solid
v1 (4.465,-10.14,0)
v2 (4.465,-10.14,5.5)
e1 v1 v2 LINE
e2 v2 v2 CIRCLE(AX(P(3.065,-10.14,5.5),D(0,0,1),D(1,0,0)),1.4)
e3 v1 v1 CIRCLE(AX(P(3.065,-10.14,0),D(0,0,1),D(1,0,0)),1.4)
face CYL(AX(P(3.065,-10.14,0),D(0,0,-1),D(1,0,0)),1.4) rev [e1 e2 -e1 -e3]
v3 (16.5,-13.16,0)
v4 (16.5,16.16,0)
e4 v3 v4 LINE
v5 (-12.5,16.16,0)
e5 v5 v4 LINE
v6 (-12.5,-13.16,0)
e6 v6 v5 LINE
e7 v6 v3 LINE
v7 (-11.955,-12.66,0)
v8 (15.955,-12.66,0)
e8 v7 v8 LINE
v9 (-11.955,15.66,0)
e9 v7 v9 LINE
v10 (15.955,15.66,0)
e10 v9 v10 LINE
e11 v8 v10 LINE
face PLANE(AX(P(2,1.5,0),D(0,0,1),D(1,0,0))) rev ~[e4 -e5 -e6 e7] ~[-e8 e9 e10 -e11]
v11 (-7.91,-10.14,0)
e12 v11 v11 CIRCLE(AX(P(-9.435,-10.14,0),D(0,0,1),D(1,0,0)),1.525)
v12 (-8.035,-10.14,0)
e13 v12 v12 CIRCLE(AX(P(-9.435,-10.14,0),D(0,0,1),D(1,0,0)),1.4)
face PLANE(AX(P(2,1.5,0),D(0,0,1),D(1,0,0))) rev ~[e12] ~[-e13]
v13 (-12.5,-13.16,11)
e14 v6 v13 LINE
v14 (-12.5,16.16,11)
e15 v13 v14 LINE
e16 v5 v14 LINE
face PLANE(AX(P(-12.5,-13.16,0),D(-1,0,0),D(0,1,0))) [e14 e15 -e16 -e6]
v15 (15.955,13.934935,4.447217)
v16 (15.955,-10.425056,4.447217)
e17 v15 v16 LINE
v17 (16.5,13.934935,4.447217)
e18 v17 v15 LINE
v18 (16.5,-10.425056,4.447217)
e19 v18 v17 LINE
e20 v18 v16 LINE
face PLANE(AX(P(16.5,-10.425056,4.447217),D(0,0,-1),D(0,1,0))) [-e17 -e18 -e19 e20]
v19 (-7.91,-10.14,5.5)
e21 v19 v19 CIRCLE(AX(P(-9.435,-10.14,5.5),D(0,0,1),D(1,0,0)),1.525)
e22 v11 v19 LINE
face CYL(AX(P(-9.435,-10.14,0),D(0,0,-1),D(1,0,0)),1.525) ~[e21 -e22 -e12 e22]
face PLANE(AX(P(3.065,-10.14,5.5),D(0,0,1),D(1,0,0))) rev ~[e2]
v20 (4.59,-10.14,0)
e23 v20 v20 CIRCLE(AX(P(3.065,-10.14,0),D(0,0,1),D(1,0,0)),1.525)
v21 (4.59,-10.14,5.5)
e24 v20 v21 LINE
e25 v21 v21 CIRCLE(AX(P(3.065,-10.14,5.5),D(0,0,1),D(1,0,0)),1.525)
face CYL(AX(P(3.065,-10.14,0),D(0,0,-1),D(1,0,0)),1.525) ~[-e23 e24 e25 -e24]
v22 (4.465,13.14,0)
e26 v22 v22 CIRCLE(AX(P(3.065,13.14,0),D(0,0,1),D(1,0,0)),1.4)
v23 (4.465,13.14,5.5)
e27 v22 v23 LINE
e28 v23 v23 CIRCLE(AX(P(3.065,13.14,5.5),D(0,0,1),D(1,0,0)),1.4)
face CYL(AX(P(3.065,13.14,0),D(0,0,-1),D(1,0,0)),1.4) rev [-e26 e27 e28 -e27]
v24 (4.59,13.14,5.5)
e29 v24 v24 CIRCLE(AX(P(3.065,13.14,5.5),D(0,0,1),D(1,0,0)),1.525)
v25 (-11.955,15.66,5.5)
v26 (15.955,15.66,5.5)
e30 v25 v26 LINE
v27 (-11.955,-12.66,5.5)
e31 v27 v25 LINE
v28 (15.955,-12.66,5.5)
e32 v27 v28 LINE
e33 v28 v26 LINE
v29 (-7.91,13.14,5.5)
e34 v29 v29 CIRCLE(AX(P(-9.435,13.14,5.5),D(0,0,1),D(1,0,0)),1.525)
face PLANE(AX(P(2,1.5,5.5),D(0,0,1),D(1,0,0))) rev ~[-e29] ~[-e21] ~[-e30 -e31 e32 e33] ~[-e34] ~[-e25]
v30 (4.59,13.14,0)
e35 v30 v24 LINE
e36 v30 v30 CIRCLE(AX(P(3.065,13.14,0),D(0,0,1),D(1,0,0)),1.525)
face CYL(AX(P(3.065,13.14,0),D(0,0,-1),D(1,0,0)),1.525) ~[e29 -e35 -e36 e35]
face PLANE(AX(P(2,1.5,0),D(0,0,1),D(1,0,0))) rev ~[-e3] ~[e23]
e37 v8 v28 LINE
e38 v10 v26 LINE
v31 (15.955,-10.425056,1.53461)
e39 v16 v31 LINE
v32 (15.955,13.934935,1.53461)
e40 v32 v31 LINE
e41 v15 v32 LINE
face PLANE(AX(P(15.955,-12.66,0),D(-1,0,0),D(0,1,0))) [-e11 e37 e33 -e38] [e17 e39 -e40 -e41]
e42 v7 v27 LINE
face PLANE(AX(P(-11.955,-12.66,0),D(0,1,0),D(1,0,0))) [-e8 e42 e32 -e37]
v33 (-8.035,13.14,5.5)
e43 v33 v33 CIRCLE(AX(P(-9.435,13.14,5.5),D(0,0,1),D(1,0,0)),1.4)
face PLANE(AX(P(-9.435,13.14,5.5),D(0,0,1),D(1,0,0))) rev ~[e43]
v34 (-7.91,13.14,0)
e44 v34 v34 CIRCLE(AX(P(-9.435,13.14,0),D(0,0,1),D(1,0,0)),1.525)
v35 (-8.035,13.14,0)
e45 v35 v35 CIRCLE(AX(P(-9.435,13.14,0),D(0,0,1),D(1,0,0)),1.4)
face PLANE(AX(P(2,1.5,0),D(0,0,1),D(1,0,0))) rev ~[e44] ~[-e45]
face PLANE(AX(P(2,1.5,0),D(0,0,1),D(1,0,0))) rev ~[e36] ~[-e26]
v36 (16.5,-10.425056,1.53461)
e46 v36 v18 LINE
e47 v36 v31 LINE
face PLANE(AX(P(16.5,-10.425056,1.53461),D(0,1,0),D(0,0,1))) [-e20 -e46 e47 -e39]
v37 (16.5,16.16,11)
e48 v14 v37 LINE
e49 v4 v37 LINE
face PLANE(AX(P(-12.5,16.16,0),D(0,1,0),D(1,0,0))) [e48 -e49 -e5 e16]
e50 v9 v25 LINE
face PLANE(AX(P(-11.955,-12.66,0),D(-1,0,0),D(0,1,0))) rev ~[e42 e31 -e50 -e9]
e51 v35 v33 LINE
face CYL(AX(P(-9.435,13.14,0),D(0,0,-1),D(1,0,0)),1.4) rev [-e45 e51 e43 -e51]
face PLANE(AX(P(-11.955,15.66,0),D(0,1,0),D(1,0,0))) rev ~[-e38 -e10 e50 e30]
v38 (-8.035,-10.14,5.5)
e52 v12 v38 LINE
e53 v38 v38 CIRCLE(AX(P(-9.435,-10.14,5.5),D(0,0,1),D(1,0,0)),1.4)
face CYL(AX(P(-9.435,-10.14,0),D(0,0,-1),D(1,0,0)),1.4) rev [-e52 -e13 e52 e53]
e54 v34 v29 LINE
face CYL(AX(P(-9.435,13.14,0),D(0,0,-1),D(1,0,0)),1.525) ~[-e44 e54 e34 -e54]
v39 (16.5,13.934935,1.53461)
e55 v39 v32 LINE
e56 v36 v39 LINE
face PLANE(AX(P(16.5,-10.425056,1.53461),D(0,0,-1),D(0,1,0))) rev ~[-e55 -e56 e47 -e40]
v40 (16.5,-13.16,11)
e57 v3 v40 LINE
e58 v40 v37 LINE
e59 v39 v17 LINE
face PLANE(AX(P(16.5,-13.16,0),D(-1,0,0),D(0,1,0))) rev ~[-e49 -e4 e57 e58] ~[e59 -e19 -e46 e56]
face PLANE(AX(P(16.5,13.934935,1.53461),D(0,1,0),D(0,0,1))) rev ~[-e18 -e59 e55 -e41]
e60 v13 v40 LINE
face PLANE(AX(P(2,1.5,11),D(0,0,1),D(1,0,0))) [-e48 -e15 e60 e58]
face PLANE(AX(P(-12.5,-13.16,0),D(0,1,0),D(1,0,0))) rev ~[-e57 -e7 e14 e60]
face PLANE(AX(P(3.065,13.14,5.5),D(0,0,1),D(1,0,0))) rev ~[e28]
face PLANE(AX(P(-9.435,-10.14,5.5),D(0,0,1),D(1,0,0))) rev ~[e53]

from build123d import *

# Parameters (mm, degrees)
F0_W     = 29
F0_H     = 29.32
F0_W_2   = 27.91
F0_H_2   = 28.32
F0_R     = 1.525
F0_R_2   = 1.4
F1_DEPTH = 11
F2_DEPTH = 5.5
F3_W     = 24.3599908426
F3_H     = 2.9126071604
F4_DEPTH = 10


with BuildPart() as f1:
    # F0 (on Top) → F1 (new body)
    with BuildSketch(Plane.XY):
        with Locations((2, 1.5)):
            Rectangle(F0_W, F0_H)
        with Locations((2, 1.5)):
            Rectangle(F0_W_2, F0_H_2, mode=Mode.SUBTRACT)
        with Locations((2, 1.5)):
            Rectangle(F0_W_2, F0_H_2)
        with Locations((-9.435, -10.14)):
            Circle(F0_R, mode=Mode.SUBTRACT)
        with Locations((3.065, -10.14)):
            Circle(F0_R, mode=Mode.SUBTRACT)
        with Locations((-9.435, 13.14)):
            Circle(F0_R, mode=Mode.SUBTRACT)
        with Locations((3.065, 13.14)):
            Circle(F0_R, mode=Mode.SUBTRACT)
        with Locations((3.065, 13.14)):
            Circle(F0_R)
        with Locations((3.065, 13.14)):
            Circle(F0_R_2, mode=Mode.SUBTRACT)
        with Locations((3.065, -10.14)):
            Circle(F0_R)
        with Locations((3.065, -10.14)):
            Circle(F0_R_2, mode=Mode.SUBTRACT)
        with Locations((-9.435, -10.14)):
            Circle(F0_R)
        with Locations((-9.435, -10.14)):
            Circle(F0_R_2, mode=Mode.SUBTRACT)
        with Locations((-9.435, 13.14)):
            Circle(F0_R)
        with Locations((-9.435, 13.14)):
            Circle(F0_R_2, mode=Mode.SUBTRACT)
        with Locations((3.065, 13.14)):
            Circle(F0_R_2)
        with Locations((3.065, -10.14)):
            Circle(F0_R_2)
        with Locations((-9.435, -10.14)):
            Circle(F0_R_2)
        with Locations((-9.435, 13.14)):
            Circle(F0_R_2)
    extrude(amount=F1_DEPTH)

    # F0 (on Top) → F2 (cut)
    with BuildSketch(Plane.XY):
        with Locations((2, 1.5)):
            Rectangle(F0_W_2, F0_H_2)
        with Locations((-9.435, -10.14)):
            Circle(F0_R, mode=Mode.SUBTRACT)
        with Locations((3.065, -10.14)):
            Circle(F0_R, mode=Mode.SUBTRACT)
        with Locations((-9.435, 13.14)):
            Circle(F0_R, mode=Mode.SUBTRACT)
        with Locations((3.065, 13.14)):
            Circle(F0_R, mode=Mode.SUBTRACT)
        with Locations((-9.435, -10.14)):
            Circle(F0_R_2)
        with Locations((3.065, -10.14)):
            Circle(F0_R_2)
        with Locations((3.065, 13.14)):
            Circle(F0_R_2)
        with Locations((-9.435, 13.14)):
            Circle(F0_R_2)
    extrude(amount=F2_DEPTH, mode=Mode.SUBTRACT)

    # F3 (on face) → F4 (cut)
    with BuildSketch(Plane.YZ.offset(16.5)):
        with Locations((1.7549390905, 2.9909135192)):
            Rectangle(F3_W, F3_H)
    extrude(amount=-F4_DEPTH, mode=Mode.SUBTRACT)


solid = f1.part
